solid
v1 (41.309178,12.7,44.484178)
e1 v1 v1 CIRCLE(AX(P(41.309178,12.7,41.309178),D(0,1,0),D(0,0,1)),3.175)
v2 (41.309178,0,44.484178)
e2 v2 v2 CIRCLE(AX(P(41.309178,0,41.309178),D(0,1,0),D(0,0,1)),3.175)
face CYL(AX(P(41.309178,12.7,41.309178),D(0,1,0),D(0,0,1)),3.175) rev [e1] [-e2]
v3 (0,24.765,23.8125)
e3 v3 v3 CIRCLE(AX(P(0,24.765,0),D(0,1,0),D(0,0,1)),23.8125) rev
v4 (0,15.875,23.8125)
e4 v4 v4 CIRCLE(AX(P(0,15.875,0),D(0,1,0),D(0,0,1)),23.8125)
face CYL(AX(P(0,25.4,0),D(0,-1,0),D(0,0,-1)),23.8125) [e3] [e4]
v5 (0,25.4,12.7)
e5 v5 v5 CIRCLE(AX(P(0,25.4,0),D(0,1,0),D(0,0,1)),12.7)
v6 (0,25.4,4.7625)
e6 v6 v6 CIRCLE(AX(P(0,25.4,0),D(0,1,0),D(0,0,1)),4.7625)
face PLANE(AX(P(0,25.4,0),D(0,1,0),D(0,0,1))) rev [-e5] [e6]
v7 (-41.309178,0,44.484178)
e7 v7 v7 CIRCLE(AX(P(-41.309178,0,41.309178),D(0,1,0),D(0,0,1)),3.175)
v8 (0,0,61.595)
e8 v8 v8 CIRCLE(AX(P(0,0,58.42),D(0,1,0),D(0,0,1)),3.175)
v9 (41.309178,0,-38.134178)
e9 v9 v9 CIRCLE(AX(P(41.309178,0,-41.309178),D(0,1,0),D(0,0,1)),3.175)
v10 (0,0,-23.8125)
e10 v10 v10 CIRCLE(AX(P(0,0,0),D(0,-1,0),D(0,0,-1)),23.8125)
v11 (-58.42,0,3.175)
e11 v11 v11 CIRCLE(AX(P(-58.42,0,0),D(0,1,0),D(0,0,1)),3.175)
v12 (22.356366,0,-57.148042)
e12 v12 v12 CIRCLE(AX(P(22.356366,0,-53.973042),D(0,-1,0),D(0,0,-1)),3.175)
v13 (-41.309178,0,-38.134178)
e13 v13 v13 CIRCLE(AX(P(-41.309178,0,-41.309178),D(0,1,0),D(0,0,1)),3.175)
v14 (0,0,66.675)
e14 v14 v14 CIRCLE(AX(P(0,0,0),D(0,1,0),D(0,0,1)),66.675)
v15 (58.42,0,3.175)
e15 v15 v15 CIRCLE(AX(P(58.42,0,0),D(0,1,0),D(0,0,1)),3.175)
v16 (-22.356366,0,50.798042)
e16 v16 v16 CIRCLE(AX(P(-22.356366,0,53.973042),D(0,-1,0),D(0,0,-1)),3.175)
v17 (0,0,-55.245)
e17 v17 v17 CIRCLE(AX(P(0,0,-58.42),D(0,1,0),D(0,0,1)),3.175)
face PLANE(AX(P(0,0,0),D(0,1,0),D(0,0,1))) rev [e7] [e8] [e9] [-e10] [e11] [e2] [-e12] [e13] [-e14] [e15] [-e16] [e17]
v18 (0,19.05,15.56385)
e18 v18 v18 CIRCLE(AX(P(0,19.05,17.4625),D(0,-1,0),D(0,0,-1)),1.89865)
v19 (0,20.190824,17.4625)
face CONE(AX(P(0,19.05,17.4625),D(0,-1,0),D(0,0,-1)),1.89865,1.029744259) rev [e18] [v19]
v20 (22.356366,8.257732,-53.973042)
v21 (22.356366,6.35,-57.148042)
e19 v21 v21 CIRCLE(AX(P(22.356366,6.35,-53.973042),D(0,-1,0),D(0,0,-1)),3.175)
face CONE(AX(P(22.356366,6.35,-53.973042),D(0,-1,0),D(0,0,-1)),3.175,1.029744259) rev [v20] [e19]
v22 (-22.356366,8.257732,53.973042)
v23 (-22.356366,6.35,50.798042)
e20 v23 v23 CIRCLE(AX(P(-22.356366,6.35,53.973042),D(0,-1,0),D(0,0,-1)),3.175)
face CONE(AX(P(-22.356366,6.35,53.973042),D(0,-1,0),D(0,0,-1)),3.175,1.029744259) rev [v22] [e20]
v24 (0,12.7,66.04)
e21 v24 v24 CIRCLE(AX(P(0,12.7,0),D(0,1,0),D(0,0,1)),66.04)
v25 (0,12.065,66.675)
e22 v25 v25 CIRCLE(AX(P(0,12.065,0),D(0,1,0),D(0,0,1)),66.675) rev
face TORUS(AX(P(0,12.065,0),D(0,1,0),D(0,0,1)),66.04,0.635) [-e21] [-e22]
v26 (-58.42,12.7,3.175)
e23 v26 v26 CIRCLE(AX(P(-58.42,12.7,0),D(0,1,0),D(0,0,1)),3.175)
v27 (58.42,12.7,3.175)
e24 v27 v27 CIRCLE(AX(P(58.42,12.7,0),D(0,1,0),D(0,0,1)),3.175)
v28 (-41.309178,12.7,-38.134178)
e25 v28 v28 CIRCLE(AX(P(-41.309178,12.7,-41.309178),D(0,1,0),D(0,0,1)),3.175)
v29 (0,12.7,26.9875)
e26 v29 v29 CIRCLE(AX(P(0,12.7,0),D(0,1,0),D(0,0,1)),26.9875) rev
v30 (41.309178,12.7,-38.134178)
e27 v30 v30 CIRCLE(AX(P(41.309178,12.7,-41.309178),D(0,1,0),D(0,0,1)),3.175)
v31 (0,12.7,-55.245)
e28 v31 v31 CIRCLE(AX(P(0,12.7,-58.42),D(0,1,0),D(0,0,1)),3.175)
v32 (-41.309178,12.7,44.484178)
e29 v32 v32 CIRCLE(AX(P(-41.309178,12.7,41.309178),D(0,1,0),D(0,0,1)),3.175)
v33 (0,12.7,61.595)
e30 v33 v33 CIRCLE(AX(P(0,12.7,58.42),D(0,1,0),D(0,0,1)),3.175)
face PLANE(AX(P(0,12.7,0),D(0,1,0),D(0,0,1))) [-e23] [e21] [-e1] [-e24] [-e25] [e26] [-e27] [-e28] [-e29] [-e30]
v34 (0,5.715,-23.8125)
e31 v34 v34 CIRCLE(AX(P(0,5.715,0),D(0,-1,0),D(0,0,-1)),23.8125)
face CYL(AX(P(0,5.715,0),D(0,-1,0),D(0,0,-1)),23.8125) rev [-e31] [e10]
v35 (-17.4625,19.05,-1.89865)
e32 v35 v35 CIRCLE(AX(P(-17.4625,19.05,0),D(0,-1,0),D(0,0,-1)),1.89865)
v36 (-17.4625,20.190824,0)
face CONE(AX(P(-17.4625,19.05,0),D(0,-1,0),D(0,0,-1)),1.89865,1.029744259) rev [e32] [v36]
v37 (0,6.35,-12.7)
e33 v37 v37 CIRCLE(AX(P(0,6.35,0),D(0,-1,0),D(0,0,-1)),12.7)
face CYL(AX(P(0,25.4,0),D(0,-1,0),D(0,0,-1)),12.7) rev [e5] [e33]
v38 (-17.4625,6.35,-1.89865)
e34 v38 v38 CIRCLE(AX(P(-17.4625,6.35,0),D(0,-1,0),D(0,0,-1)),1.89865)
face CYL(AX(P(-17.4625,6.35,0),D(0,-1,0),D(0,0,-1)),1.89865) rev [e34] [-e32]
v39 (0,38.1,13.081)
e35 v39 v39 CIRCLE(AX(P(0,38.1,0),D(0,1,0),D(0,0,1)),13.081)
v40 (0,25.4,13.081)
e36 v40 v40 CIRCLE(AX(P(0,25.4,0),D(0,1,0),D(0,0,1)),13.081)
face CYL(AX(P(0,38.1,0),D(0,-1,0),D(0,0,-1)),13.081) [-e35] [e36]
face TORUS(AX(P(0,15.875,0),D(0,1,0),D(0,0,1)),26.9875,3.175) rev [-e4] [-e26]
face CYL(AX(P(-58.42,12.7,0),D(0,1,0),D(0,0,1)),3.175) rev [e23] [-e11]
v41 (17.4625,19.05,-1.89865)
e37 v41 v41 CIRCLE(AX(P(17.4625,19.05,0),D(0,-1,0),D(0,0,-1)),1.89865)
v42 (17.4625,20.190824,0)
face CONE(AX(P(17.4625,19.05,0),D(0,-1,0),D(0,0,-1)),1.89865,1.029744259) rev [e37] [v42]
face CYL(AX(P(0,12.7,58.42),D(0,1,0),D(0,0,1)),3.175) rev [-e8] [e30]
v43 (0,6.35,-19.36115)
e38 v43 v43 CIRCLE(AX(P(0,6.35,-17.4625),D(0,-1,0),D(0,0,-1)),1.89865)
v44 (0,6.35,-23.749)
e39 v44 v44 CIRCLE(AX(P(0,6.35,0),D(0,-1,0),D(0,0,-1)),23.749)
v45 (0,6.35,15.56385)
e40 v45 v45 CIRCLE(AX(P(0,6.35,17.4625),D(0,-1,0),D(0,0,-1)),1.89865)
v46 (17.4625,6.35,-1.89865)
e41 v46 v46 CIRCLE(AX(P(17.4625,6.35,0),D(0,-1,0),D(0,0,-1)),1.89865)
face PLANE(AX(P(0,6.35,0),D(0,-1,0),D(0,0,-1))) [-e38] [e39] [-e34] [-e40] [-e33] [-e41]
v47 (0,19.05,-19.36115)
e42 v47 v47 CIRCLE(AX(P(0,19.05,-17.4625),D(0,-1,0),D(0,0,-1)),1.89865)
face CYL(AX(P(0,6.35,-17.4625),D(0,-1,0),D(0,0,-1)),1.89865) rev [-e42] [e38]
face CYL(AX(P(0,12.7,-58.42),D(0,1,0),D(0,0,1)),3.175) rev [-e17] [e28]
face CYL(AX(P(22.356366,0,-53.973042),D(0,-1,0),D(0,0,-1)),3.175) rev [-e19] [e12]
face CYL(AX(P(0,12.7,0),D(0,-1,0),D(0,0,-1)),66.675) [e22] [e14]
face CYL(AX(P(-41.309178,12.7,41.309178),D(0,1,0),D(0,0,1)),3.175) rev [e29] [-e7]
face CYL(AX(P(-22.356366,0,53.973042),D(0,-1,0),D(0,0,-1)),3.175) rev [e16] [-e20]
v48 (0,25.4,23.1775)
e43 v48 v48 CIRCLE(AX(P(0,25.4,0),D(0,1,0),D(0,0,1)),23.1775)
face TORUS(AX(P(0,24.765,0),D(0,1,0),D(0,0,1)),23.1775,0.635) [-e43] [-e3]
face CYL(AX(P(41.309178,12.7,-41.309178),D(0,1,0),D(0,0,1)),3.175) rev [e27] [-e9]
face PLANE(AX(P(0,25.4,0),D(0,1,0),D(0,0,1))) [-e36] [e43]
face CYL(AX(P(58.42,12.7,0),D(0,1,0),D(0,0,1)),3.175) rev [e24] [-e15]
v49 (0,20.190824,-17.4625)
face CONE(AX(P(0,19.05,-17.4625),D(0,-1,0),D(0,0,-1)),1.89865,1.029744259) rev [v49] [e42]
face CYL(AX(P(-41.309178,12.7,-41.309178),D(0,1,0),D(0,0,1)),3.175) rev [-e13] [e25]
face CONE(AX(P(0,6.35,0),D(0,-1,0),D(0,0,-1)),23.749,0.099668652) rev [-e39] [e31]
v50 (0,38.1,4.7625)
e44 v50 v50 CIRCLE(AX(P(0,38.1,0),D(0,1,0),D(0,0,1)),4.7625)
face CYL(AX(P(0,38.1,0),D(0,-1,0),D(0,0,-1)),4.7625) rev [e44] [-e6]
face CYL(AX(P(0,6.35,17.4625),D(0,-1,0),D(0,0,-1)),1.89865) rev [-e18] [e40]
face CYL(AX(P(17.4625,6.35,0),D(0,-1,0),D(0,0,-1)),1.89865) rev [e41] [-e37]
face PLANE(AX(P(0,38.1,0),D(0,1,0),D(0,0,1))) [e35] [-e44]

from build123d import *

# Parameters (mm, degrees)
SKETCH1_R                           = 66.675
FLANGE_DEPTH                        = 12.7
BOLT_HOLES_D                        = 6.35
BOLT_HOLES_DEPTH                    = 12.7
PIN_HOLES_D                         = 6.35
PIN_HOLES_DEPTH                     = 6.35
PIN_HOLES_TIP                       = 1.907732465
SKETCH2_R                           = 23.8125
SKETCH2_R_2                         = 12.7
FLOW_EXTRUDE_DEPTH                  = 12.7
SKETCH6_R                           = 13.081
SKETCH6_R_2                         = 4.7625
NITROUS_CONNECTION_FLANGE_DEPTH     = 12.7
SKETCH12_R                          = 23.8125
INITIAL_ENTRY_IMPINGING_PLATE_DEPTH = 5.715
SKETCH14_R                          = 23.749
SKETCH15_R                          = 23.8125
SKETCH16_R                          = 12.7
FINAL_FLOW_CUT_DEPTH                = 6.35
TAP_HOLES_FOR_IMPINGING_PLATE_D     = 3.7973
TAP_HOLES_FOR_IMPINGING_PLATE_DEPTH = 12.7
TAP_HOLES_FOR_IMPINGING_PLATE_TIP   = 1.140824014
FLOW_EXTRUDE_FILLET_R               = 3.175
FINAL_FILLET_FOR_HANDLING_R         = 0.635


with BuildPart() as part:
    # Sketch1 → Flange (new body)
    with BuildSketch(Plane(origin=(0, 0, 0), x_dir=(1, 0, 0), z_dir=(0, 1, 0))):
        Circle(SKETCH1_R)
    extrude(amount=FLANGE_DEPTH)

    # Bolt Holes
    with Locations(Plane(origin=(0, 12.7, 0), x_dir=(1, 0, 0), z_dir=(0, 1, 0))):
        with Locations((41.309178157, -41.309178157), (0, -58.42), (-41.309178157, -41.309178157), (-58.42, 0), (-41.309178157, 41.309178157), (0, 58.42), (41.309178157, 41.309178157), (58.42, 0)):
            Hole(BOLT_HOLES_D / 2, depth=BOLT_HOLES_DEPTH)

    # Pin Holes
    with Locations(Plane(origin=(0, 0, 0), x_dir=(-1, 0, 0), z_dir=(0, -1, 0))):
        with Locations((22.356366119, -53.973042289), (-22.356366119, 53.973042289)):
            Hole(PIN_HOLES_D / 2, depth=PIN_HOLES_DEPTH)
            with Locations((0, 0, -(PIN_HOLES_DEPTH + PIN_HOLES_TIP / 2))):  # 118° drill point
                Cone(0, PIN_HOLES_D / 2, PIN_HOLES_TIP, mode=Mode.SUBTRACT)

    # Sketch2 → Flow Extrude (add)
    with BuildSketch(Plane(origin=(0, 12.7, 0), x_dir=(1, 0, 0), z_dir=(0, 1, 0))):
        Circle(SKETCH2_R)
        Circle(SKETCH2_R_2, mode=Mode.SUBTRACT)
    extrude(amount=FLOW_EXTRUDE_DEPTH)

    # Sketch6 → Nitrous Connection Flange (add)
    with BuildSketch(Plane(origin=(0, 25.4, 0), x_dir=(1, 0, 0), z_dir=(0, 1, 0))):
        Circle(SKETCH6_R)
        Circle(SKETCH6_R_2, mode=Mode.SUBTRACT)
    extrude(amount=NITROUS_CONNECTION_FLANGE_DEPTH)

    # Sketch12 → Initial Entry - Impinging Plate (cut)
    with BuildSketch(Plane.XZ):
        Circle(SKETCH12_R)
    extrude(amount=-INITIAL_ENTRY_IMPINGING_PLATE_DEPTH, mode=Mode.SUBTRACT)

    # Sketch14 → Impinging Plate Press Fit Cut section 0
    with BuildSketch(Plane(origin=(0, 6.35, 0), x_dir=(-1, 0, 0), z_dir=(0, -1, 0))):
        Circle(SKETCH14_R)
    # Sketch15 → Impinging Plate Press Fit Cut section 1
    with BuildSketch(Plane.XZ.offset(-5.715)):
        Circle(SKETCH15_R)
    loft(mode=Mode.SUBTRACT)

    # Sketch16 → Final Flow Cut (cut)
    with BuildSketch(Plane.XZ.offset(-6.35)):
        Circle(SKETCH16_R)
    extrude(amount=-FINAL_FLOW_CUT_DEPTH, mode=Mode.SUBTRACT)

    # Tap Holes for Impinging Plate
    with Locations(Plane(origin=(0, 6.35, 0), x_dir=(-1, 0, 0), z_dir=(0, -1, 0))):
        with Locations((0, 17.4625), (17.4625, 0), (0, -17.4625), (-17.4625, 0)):
            Hole(TAP_HOLES_FOR_IMPINGING_PLATE_D / 2, depth=TAP_HOLES_FOR_IMPINGING_PLATE_DEPTH)
            with Locations((0, 0, -(TAP_HOLES_FOR_IMPINGING_PLATE_DEPTH + TAP_HOLES_FOR_IMPINGING_PLATE_TIP / 2))):  # 118° drill point
                Cone(0, TAP_HOLES_FOR_IMPINGING_PLATE_D / 2, TAP_HOLES_FOR_IMPINGING_PLATE_TIP, mode=Mode.SUBTRACT)

    # Flow Extrude Fillet
    flow_extrude_fillet_edges = [part.edges().sort_by_distance(p)[0] for p in [
        (-23.8125, 12.7, 0),
    ]]
    fillet(flow_extrude_fillet_edges, radius=FLOW_EXTRUDE_FILLET_R)

    # Final Fillet for Handling
    final_fillet_for_handling_edges = [part.edges().sort_by_distance(p)[0] for p in [
        (-66.675, 12.7, 0),
        (-23.8125, 25.4, 0),
    ]]
    fillet(final_fillet_for_handling_edges, radius=FINAL_FILLET_FOR_HANDLING_R)


solid = part.part
